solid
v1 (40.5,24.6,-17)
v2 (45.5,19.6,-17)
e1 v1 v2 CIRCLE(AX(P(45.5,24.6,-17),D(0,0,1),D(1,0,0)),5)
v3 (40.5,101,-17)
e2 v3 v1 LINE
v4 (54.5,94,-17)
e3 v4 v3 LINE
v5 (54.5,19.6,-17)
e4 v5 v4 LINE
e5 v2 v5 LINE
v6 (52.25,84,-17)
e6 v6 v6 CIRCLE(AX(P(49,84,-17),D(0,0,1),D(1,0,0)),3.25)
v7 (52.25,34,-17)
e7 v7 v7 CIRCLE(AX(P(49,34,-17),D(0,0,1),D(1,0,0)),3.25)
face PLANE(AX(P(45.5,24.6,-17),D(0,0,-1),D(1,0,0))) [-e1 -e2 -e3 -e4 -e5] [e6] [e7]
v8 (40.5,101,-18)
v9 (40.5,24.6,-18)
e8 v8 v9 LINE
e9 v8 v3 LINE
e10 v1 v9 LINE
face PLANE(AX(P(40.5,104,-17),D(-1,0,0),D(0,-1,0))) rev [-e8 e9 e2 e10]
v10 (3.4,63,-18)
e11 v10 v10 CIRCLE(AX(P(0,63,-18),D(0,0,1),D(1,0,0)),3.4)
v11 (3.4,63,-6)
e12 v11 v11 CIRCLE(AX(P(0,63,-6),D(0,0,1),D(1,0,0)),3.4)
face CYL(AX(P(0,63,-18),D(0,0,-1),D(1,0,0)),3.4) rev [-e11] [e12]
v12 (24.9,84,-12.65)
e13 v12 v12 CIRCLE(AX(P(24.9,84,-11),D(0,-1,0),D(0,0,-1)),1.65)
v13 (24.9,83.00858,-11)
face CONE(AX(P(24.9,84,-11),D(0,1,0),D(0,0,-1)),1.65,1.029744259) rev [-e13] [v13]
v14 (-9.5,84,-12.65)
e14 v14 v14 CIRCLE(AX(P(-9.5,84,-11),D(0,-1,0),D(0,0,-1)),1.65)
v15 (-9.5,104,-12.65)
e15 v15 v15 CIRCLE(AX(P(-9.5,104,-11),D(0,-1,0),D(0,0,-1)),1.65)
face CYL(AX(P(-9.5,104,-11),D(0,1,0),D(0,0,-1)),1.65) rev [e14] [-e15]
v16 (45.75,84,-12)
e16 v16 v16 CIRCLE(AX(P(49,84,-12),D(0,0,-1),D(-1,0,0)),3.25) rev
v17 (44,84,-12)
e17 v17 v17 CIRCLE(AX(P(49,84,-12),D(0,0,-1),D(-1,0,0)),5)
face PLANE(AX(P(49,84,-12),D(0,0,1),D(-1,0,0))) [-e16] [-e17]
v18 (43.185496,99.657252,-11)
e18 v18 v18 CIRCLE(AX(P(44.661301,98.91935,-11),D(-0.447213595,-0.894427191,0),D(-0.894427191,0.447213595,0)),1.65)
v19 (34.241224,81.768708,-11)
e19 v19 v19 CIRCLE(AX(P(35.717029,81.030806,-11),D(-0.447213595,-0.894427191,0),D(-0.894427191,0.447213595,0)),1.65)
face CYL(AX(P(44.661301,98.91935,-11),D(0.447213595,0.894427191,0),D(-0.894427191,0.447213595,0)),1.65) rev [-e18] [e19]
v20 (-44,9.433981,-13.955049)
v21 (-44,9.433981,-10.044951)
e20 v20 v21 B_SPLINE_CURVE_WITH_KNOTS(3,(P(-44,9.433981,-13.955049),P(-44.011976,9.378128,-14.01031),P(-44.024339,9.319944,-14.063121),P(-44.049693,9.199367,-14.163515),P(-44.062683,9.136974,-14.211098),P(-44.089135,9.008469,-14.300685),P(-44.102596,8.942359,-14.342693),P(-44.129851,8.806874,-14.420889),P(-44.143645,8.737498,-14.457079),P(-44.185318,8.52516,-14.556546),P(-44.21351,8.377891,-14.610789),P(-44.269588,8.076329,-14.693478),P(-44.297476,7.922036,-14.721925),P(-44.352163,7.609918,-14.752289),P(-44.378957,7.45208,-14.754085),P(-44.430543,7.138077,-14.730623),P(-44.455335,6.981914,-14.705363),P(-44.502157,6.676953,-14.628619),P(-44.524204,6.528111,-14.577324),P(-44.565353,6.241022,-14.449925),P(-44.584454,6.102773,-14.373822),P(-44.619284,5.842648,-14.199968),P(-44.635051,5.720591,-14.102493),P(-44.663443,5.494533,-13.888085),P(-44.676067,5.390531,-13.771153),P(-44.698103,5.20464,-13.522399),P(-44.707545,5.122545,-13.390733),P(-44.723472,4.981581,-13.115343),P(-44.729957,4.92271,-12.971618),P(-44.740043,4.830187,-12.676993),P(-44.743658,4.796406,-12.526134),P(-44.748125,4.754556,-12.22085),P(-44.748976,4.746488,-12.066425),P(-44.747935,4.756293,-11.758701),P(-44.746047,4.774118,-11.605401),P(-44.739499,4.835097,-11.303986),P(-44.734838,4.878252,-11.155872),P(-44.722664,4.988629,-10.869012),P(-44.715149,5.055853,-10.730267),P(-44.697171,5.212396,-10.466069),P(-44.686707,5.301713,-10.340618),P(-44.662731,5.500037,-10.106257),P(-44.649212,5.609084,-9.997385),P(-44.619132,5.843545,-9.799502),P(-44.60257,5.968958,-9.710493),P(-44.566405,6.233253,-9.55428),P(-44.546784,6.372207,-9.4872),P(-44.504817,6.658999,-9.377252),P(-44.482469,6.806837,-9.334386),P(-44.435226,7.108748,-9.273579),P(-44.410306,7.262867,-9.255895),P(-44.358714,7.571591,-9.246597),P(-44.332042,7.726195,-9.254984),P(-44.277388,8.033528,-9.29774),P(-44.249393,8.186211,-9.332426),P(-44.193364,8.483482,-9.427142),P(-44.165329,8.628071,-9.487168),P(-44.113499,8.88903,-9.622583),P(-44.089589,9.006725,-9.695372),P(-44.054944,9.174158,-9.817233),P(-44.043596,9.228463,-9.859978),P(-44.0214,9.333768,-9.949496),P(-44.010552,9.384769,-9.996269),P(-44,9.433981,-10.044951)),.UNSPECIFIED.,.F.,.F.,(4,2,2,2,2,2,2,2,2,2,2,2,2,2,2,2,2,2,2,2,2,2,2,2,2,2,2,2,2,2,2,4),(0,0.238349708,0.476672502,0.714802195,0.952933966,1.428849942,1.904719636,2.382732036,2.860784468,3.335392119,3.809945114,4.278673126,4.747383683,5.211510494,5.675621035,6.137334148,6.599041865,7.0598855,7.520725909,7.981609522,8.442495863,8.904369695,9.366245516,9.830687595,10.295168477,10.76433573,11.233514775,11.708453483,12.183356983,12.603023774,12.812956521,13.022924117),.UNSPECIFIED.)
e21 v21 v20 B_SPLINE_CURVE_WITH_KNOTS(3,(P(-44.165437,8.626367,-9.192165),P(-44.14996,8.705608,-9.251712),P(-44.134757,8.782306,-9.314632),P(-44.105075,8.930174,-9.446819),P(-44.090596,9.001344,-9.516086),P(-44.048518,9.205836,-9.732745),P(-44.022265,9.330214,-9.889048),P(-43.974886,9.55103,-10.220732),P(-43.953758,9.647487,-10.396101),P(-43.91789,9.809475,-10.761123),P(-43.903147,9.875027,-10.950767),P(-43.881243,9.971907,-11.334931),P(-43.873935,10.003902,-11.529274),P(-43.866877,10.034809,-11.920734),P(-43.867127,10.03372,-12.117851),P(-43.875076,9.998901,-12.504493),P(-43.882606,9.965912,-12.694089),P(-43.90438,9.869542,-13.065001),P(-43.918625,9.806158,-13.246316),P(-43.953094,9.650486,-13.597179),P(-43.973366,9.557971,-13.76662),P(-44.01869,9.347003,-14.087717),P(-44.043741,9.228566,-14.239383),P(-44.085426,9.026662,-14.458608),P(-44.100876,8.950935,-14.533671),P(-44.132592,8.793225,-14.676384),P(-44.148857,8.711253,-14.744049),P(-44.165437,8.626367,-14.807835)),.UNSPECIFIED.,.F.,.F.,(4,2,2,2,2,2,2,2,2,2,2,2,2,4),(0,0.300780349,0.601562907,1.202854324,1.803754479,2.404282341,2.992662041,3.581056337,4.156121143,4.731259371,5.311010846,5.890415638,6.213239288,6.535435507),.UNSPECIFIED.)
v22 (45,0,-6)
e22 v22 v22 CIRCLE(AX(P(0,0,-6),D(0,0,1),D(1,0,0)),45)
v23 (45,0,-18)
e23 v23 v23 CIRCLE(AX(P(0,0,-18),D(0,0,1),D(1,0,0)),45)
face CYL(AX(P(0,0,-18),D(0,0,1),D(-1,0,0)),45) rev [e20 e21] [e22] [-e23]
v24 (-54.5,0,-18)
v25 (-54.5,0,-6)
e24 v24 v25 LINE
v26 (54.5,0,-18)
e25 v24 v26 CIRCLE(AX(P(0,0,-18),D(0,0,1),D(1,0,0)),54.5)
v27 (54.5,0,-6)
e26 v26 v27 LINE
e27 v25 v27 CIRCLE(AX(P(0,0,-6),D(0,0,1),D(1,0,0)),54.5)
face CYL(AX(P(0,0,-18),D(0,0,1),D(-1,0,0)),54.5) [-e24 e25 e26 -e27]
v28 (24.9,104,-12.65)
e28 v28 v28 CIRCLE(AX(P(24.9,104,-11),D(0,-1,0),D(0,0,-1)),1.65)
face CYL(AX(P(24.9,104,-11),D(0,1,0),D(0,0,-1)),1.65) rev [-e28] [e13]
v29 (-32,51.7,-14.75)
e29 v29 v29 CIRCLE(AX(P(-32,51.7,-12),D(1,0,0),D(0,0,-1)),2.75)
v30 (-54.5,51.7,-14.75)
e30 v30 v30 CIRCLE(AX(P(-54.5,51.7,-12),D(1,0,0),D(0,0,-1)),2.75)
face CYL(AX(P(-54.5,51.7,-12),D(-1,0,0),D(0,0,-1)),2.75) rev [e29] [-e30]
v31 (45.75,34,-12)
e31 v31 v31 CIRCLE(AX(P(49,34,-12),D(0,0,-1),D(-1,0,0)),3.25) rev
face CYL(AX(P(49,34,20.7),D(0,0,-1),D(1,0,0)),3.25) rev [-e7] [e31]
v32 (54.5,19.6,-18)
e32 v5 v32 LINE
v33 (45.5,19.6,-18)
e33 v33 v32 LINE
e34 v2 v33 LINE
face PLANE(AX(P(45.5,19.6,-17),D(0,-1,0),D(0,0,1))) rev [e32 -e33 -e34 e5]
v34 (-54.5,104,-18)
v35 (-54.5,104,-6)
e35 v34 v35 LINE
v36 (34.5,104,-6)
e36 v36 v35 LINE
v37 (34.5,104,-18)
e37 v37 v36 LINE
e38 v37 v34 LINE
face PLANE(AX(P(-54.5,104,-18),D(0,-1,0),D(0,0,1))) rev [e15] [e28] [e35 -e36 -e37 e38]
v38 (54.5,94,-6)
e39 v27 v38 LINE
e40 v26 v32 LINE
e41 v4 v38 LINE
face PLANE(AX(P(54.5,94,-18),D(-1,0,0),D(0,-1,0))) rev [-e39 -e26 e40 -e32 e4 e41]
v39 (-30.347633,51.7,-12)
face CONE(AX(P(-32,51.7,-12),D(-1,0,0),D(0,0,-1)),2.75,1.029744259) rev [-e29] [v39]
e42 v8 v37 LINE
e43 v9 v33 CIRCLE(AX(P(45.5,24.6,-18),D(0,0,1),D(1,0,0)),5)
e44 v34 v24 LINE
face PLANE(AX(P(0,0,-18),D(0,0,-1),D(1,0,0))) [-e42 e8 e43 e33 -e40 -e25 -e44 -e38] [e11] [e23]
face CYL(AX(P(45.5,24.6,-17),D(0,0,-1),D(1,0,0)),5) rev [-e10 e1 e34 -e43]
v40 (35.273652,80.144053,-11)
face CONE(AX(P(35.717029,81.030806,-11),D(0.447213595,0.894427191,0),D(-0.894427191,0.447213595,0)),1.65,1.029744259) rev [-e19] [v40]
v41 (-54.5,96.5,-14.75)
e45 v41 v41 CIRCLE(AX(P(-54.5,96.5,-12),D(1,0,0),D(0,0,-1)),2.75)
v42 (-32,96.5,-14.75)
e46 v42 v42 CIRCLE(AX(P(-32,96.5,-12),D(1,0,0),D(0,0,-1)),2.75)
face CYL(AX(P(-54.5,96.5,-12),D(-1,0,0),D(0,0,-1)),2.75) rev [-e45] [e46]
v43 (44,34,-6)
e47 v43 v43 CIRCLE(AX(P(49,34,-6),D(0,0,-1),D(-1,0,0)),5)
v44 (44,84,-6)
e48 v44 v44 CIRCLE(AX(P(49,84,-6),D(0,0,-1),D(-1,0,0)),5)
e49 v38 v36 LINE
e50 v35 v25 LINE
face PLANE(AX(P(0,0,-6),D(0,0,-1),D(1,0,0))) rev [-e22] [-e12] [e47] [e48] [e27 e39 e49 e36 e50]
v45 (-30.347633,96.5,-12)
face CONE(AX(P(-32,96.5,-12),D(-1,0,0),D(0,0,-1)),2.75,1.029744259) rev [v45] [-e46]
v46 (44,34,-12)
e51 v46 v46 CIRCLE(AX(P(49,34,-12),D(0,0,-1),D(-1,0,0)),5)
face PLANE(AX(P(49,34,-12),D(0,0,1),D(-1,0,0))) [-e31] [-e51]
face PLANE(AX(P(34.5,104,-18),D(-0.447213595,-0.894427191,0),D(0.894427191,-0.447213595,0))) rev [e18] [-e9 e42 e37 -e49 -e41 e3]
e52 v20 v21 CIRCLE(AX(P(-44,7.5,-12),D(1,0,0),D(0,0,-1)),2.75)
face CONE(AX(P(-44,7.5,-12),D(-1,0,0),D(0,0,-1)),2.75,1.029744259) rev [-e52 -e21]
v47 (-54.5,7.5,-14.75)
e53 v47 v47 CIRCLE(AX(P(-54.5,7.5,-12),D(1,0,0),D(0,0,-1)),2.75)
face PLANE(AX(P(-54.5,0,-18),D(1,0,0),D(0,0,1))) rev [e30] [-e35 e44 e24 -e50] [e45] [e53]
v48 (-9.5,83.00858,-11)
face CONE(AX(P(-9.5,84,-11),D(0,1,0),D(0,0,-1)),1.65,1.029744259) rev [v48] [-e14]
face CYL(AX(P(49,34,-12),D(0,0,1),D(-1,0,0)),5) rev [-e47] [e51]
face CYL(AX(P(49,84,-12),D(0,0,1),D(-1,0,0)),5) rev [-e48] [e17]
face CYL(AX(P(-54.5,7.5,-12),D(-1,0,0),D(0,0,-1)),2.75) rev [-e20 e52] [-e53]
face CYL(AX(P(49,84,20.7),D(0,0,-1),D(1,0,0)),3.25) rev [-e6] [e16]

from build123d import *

# Parameters (mm, degrees)
CROQUIS1_R                    = 45
SALIENTE_EXTRUIR1_DEPTH       = 6
TALADRO_ROSCADO_M41_D         = 3.3
TALADRO_ROSCADO_M41_DEPTH     = 20
TALADRO_ROSCADO_M41_TIP       = 0.991420021
TALADRO_ROSCADO_M42_D         = 3.3
TALADRO_ROSCADO_M42_DEPTH     = 20
TALADRO_ROSCADO_M42_TIP       = 0.991420021
CORTAR_EXTRUIR1_DEPTH         = 1
CROQUIS7_R                    = 3.25
CORTAR_EXTRUIR2_DEPTH         = 37.7
CROQUIS8_R                    = 5
CORTAR_EXTRUIR3_DEPTH         = 6
TALADRO_ROSCADO_M6X0_51_D     = 5.5
TALADRO_ROSCADO_M6X0_51_DEPTH = 22.5
TALADRO_ROSCADO_M6X0_51_TIP   = 1.652366702
TALADRO_ROSCADO_M6X0_52_D     = 5.5
TALADRO_ROSCADO_M6X0_52_DEPTH = 10.5
TALADRO_ROSCADO_M6X0_52_TIP   = 1.652366702
TALADRO_ROSCADO_M81_D         = 6.8


with BuildPart() as part:
    # Croquis1 → Saliente-Extruir1 (new body, symmetric)
    with BuildSketch(Plane.XY):
        with BuildLine():
            Line((-54.5, 0), (-54.5, 104))
            Line((-54.5, 104), (34.5, 104))
            Line((34.5, 104), (54.5, 94))
            Line((54.5, 94), (54.5, 0))
            ThreePointArc((54.5, 0), (0, -54.5), (-54.5, 0))
        make_face()
        Circle(CROQUIS1_R, mode=Mode.SUBTRACT)
    extrude(amount=SALIENTE_EXTRUIR1_DEPTH, both=True)

    # Taladro roscado M41
    with Locations(Plane(origin=(48.5, 97, 0), x_dir=(-0.894427191, 0.447213595, 0), z_dir=(0.447213595, 0.894427191, 0))):
        with Locations((4.291796068, -1)):
            Hole(TALADRO_ROSCADO_M41_D / 2, depth=TALADRO_ROSCADO_M41_DEPTH)
            with Locations((0, 0, -(TALADRO_ROSCADO_M41_DEPTH + TALADRO_ROSCADO_M41_TIP / 2))):  # 118° drill point
                Cone(0, TALADRO_ROSCADO_M41_D / 2, TALADRO_ROSCADO_M41_TIP, mode=Mode.SUBTRACT)

    # Taladro roscado M42
    with Locations(Plane(origin=(0, 104, 0), x_dir=(-1, 0, 0), z_dir=(0, 1, 0))):
        with Locations((9.5, -1), (-24.9, -1)):
            Hole(TALADRO_ROSCADO_M42_D / 2, depth=TALADRO_ROSCADO_M42_DEPTH)
            with Locations((0, 0, -(TALADRO_ROSCADO_M42_DEPTH + TALADRO_ROSCADO_M42_TIP / 2))):  # 118° drill point
                Cone(0, TALADRO_ROSCADO_M42_D / 2, TALADRO_ROSCADO_M42_TIP, mode=Mode.SUBTRACT)

    # Croquis6 → Cortar-Extruir1 (cut)
    with BuildSketch(Plane.XY.offset(6)):
        with BuildLine():
            Line((40.5, 104), (65.659367038, 104))
            Line((65.659367038, 104), (65.659367038, 19.6))
            Line((65.659367038, 19.6), (45.5, 19.6))
            ThreePointArc((45.5, 19.6), (41.964466094, 21.064466094), (40.5, 24.6))
            Line((40.5, 24.6), (40.5, 104))
        make_face()
    extrude(amount=-CORTAR_EXTRUIR1_DEPTH, mode=Mode.SUBTRACT)

    # Croquis7 → Cortar-Extruir2 (cut)
    with BuildSketch(Plane.XY.offset(5)):
        with Locations((49, 84)):
            Circle(CROQUIS7_R)
        with Locations((49, 34)):
            Circle(CROQUIS7_R)
    extrude(amount=-CORTAR_EXTRUIR2_DEPTH, mode=Mode.SUBTRACT)

    # Croquis8 → Cortar-Extruir3 (cut)
    with BuildSketch(Plane(origin=(0, 0, -6), x_dir=(-1, 0, 0), z_dir=(0, 0, -1))):
        with Locations((-49, 84)):
            Circle(CROQUIS8_R)
        with Locations((-49, 34)):
            Circle(CROQUIS8_R)
    extrude(amount=-CORTAR_EXTRUIR3_DEPTH, mode=Mode.SUBTRACT)

    # Taladro roscado M6x0.51
    with Locations(Plane.ZY.offset(54.5)):
        with Locations((0, 96.5), (0, 51.7)):
            Hole(TALADRO_ROSCADO_M6X0_51_D / 2, depth=TALADRO_ROSCADO_M6X0_51_DEPTH)
            with Locations((0, 0, -(TALADRO_ROSCADO_M6X0_51_DEPTH + TALADRO_ROSCADO_M6X0_51_TIP / 2))):  # 118° drill point
                Cone(0, TALADRO_ROSCADO_M6X0_51_D / 2, TALADRO_ROSCADO_M6X0_51_TIP, mode=Mode.SUBTRACT)

    # Taladro roscado M6x0.52
    with Locations(Plane.ZY.offset(54.5)):
        with Locations((0, 7.5)):
            Hole(TALADRO_ROSCADO_M6X0_52_D / 2, depth=TALADRO_ROSCADO_M6X0_52_DEPTH)
            with Locations((0, 0, -(TALADRO_ROSCADO_M6X0_52_DEPTH + TALADRO_ROSCADO_M6X0_52_TIP / 2))):  # 118° drill point
                Cone(0, TALADRO_ROSCADO_M6X0_52_D / 2, TALADRO_ROSCADO_M6X0_52_TIP, mode=Mode.SUBTRACT)

    # Taladro roscado M81 (through all)
    with Locations(Plane.XY.offset(6)):
        with Locations((0, 63)):
            Hole(TALADRO_ROSCADO_M81_D / 2)


with BuildPart() as body_2:
    # Simetría1: mirrored copy
    add(part.part.mirror(Plane.XY.offset(-6)))


solid = body_2.part
